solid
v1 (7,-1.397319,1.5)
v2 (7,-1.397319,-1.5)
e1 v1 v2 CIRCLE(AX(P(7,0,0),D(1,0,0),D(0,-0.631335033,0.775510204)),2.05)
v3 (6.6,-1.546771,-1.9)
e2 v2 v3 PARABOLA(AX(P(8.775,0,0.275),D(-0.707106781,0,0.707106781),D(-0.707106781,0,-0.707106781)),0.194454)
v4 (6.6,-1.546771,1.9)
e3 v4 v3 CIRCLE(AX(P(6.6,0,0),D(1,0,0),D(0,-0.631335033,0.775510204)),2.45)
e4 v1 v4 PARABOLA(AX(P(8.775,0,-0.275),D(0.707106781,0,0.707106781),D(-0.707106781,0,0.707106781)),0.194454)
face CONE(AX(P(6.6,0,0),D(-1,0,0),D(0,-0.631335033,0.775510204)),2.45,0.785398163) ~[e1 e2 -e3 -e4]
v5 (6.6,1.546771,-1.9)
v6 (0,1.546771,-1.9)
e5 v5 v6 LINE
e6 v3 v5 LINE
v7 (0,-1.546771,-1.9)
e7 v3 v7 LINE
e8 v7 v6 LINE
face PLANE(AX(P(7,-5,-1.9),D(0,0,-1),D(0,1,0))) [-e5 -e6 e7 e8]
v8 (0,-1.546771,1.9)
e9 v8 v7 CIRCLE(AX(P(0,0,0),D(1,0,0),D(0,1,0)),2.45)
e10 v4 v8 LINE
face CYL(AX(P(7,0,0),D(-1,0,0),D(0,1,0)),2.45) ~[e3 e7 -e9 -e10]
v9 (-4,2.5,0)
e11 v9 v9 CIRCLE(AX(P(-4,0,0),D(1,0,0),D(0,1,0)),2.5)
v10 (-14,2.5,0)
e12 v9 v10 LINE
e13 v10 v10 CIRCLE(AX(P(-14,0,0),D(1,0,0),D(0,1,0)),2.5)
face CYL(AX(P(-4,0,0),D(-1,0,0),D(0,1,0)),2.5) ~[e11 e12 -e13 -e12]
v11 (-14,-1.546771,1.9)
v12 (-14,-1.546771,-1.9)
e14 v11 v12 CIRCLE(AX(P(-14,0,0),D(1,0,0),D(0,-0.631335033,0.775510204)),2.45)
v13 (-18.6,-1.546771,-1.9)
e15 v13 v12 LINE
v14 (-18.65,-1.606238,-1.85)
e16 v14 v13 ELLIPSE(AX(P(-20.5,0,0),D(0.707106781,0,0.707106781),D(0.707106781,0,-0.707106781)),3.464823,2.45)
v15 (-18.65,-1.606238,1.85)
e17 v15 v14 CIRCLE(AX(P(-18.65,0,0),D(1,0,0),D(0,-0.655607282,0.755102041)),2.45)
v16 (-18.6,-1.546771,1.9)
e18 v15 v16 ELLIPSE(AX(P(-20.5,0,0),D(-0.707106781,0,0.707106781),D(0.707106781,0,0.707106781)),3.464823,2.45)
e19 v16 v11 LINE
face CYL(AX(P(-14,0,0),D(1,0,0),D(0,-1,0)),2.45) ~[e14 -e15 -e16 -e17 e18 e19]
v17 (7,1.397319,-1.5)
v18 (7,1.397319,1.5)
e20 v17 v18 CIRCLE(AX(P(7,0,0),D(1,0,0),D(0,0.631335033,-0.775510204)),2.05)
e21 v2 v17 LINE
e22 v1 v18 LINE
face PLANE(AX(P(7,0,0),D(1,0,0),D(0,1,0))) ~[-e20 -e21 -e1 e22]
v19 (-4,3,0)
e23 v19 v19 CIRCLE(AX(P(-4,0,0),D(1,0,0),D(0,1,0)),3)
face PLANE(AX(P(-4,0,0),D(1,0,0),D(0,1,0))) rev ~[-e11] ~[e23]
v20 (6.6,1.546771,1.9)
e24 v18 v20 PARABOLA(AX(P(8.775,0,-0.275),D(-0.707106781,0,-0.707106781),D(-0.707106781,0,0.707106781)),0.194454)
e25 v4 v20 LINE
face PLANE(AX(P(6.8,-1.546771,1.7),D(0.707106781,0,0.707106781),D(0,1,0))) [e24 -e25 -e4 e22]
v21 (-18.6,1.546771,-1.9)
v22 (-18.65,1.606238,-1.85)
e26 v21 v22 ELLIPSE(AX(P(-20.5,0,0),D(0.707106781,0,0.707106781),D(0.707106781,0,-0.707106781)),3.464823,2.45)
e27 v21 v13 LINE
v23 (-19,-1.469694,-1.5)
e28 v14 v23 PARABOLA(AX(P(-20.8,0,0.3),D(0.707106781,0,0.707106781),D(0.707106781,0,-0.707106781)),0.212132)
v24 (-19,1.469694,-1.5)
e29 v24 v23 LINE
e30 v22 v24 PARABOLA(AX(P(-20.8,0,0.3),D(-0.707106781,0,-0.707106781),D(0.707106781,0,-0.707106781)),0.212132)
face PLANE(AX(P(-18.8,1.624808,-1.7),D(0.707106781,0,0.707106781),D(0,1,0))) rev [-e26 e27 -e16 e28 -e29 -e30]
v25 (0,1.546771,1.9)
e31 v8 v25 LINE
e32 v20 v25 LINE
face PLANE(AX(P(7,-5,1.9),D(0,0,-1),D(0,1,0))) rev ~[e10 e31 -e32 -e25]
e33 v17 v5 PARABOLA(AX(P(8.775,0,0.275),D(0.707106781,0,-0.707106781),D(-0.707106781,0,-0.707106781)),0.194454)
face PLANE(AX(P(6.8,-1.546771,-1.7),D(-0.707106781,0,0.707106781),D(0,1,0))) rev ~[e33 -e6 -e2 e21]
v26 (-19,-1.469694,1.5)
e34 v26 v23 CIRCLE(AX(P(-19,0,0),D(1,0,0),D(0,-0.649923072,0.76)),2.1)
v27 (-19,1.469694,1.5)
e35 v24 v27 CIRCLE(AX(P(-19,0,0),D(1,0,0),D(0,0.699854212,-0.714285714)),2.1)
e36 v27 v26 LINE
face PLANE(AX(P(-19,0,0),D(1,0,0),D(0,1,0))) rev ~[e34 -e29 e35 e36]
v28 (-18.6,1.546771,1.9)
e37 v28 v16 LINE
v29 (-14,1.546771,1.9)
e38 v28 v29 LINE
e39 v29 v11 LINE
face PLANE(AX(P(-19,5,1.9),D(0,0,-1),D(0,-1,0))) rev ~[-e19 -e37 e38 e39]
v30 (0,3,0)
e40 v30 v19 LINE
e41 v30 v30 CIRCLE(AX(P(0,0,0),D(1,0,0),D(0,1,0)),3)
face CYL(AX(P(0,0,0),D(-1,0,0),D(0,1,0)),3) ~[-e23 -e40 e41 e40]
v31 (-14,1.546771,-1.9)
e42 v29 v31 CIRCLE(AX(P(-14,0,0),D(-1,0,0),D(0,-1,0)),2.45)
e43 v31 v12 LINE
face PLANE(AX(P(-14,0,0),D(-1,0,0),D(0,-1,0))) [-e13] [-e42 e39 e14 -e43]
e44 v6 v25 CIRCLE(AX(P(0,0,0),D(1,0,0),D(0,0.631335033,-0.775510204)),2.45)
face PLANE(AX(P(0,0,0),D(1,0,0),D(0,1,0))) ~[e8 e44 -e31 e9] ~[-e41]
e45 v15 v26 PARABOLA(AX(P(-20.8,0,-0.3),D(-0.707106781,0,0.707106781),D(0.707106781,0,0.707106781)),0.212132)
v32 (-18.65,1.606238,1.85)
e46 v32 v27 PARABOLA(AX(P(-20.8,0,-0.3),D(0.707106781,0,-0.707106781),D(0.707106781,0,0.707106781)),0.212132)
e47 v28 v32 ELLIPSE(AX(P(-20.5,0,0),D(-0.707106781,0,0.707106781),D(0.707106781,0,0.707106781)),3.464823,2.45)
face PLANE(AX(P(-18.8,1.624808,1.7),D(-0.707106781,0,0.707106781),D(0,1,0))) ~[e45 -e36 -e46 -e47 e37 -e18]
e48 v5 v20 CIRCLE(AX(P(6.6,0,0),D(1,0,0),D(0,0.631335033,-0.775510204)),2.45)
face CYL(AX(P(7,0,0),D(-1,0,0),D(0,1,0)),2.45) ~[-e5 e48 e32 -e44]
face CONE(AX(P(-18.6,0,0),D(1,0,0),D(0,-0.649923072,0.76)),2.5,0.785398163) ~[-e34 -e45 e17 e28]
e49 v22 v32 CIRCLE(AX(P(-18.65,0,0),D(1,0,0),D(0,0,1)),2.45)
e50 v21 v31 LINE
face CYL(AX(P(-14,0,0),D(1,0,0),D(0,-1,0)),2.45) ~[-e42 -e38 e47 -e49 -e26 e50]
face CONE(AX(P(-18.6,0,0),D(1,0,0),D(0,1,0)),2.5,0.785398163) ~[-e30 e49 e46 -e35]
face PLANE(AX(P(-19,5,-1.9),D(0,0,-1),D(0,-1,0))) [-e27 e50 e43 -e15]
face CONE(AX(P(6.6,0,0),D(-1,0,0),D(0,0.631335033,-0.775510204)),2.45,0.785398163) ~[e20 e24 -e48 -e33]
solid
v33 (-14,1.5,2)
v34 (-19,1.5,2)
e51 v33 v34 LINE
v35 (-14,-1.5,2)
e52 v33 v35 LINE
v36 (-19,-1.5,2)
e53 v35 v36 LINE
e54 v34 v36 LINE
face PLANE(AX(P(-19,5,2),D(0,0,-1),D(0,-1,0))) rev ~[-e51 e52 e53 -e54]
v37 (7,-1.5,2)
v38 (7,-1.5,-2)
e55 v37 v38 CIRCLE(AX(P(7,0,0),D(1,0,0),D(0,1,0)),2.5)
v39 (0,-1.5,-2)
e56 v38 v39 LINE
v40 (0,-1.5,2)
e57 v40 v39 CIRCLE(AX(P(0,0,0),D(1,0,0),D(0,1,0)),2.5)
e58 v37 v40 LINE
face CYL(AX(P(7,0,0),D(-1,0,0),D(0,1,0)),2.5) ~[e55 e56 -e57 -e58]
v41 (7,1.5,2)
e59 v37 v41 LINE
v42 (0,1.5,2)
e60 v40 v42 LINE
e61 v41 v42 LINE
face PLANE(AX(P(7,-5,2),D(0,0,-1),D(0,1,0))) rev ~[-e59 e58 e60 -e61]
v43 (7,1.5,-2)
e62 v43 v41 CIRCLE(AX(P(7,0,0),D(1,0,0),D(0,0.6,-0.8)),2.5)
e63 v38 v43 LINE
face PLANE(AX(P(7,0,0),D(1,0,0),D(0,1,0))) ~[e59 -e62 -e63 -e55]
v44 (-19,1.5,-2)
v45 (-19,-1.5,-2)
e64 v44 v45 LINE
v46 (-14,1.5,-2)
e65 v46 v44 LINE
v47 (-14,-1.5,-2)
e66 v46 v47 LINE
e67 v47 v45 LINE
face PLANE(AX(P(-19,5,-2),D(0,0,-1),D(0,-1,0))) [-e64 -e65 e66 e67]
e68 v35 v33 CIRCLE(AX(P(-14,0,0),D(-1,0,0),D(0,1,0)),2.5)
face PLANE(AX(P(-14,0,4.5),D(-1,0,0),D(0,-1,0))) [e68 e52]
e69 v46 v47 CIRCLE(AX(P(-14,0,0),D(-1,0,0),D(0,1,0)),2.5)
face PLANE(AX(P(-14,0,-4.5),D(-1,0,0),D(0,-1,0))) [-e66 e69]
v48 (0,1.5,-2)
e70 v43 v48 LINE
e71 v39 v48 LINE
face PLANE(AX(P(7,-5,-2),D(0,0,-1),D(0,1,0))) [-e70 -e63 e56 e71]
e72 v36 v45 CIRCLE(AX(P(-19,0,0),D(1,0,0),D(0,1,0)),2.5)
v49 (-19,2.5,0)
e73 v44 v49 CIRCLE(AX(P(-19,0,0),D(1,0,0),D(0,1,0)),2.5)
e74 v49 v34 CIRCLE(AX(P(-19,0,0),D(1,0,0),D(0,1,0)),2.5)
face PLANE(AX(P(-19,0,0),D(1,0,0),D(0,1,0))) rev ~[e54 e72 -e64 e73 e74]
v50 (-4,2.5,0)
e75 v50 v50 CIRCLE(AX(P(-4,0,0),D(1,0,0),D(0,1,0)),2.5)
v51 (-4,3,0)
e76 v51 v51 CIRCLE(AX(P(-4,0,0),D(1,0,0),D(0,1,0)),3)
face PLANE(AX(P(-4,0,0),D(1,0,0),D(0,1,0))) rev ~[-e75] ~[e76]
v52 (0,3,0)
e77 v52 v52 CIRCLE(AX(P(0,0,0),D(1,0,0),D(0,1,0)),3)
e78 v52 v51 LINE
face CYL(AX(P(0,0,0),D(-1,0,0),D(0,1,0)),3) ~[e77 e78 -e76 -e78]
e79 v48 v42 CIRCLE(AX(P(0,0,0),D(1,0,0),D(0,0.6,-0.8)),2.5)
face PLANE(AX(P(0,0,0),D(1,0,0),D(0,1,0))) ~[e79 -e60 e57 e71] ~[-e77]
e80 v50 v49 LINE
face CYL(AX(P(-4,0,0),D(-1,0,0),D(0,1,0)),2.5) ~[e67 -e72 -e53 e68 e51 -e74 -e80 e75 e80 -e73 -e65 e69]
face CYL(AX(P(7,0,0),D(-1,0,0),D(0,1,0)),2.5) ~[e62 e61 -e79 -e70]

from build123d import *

# Parameters (mm, degrees)
SKETCH001_W     = 10
SKETCH001_H     = 5
POCKET_DEPTH    = 5
SKETCH002_W     = 10
SKETCH002_H     = 5
POCKET001_DEPTH = 7
SKETCH004_W     = 10
SKETCH004_H     = 5
POCKET002_DEPTH = 5
SKETCH005_W     = 10
SKETCH005_H     = 5
POCKET003_DEPTH = 7
CHAMFER_SIZE    = 0.4
SKETCH006_R     = 3
SKETCH006_R_2   = 2.45
POCKET004_DEPTH = 5.001


with BuildPart() as shaft1_skel:
    # Sketch → Revolution (revolve)
    with BuildSketch(Plane.XY):
        Polygon((7, 0), (7, 2.5), (0, 2.5), (0, 3), (-4, 3), (-4, 2.5), (-19, 2.5), (-19, 0), align=None)
    revolve(axis=Axis((0, 0, 0), (1, 0, 0)))

    # Sketch001 (on Face7 of Revolution) → Pocket (cut)
    with BuildSketch(Plane(origin=(-19, 0, 0), x_dir=(0, -1, 0), z_dir=(-1, 0, 0))):
        with Locations((0, 4.5)):
            Rectangle(SKETCH001_W, SKETCH001_H)
        with Locations((0, -4.5)):
            Rectangle(SKETCH001_W, SKETCH001_H)
    extrude(amount=-POCKET_DEPTH, mode=Mode.SUBTRACT)

    # Sketch002 (on Face1 of Pocket) → Pocket001 (cut)
    with BuildSketch(Plane.YZ.offset(7)):
        with Locations((0, 4.5)):
            Rectangle(SKETCH002_W, SKETCH002_H)
        with Locations((0, -4.5)):
            Rectangle(SKETCH002_W, SKETCH002_H)
    extrude(amount=-POCKET001_DEPTH, mode=Mode.SUBTRACT)


with BuildPart() as shaft1s:
    # Sketch003 → Revolution001 (revolve)
    with BuildSketch(Plane.XY):
        Polygon((7, 0), (7, 2.45), (0, 2.45), (0, 3), (-4, 3), (-4, 2.5), (-19, 2.5), (-19, 0), align=None)
    revolve(axis=Axis((0, 0, 0), (1, 0, 0)))

    # Sketch004 (on Face7 of Revolution001) → Pocket002 (cut)
    with BuildSketch(Plane(origin=(-19, 0, 0), x_dir=(0, -1, 0), z_dir=(-1, 0, 0))):
        with Locations((0, 4.4)):
            Rectangle(SKETCH004_W, SKETCH004_H)
        with Locations((0, -4.4)):
            Rectangle(SKETCH004_W, SKETCH004_H)
    extrude(amount=-POCKET002_DEPTH, mode=Mode.SUBTRACT)

    # Sketch005 (on Face1 of Pocket002) → Pocket003 (cut)
    with BuildSketch(Plane.YZ.offset(7)):
        with Locations((0, 4.4)):
            Rectangle(SKETCH005_W, SKETCH005_H)
        with Locations((0, -4.4)):
            Rectangle(SKETCH005_W, SKETCH005_H)
    extrude(amount=-POCKET003_DEPTH, mode=Mode.SUBTRACT)

    # Chamfer
    chamfer_edges = [shaft1s.edges().sort_by_distance(p)[0] for p in [
        (7, -2.45, 0),
        (7, 2.212701, 1.051882),
        (7, 2.212701, -1.051882),
        (7, 0, 1.9),
        (7, 0, -1.9),
        (-19, 0, -1.9),
        (-19, 2.270685, -1.04594),
        (-19, 2.270685, 1.04594),
        (-19, -2.5, 0),
        (-19, 0, 1.9),
    ]]
    chamfer(chamfer_edges, length=CHAMFER_SIZE)

    # Sketch006 (on DatumPlane) → Pocket004 (cut, through all)
    with BuildSketch(Plane(origin=(-14, 0, 0), x_dir=(0, -1, 0), z_dir=(-1, 0, 0))):
        Circle(SKETCH006_R)
        Circle(SKETCH006_R_2, mode=Mode.SUBTRACT)
    extrude(amount=POCKET004_DEPTH, mode=Mode.SUBTRACT)


solid = Compound([shaft1_skel.part, shaft1s.part])
